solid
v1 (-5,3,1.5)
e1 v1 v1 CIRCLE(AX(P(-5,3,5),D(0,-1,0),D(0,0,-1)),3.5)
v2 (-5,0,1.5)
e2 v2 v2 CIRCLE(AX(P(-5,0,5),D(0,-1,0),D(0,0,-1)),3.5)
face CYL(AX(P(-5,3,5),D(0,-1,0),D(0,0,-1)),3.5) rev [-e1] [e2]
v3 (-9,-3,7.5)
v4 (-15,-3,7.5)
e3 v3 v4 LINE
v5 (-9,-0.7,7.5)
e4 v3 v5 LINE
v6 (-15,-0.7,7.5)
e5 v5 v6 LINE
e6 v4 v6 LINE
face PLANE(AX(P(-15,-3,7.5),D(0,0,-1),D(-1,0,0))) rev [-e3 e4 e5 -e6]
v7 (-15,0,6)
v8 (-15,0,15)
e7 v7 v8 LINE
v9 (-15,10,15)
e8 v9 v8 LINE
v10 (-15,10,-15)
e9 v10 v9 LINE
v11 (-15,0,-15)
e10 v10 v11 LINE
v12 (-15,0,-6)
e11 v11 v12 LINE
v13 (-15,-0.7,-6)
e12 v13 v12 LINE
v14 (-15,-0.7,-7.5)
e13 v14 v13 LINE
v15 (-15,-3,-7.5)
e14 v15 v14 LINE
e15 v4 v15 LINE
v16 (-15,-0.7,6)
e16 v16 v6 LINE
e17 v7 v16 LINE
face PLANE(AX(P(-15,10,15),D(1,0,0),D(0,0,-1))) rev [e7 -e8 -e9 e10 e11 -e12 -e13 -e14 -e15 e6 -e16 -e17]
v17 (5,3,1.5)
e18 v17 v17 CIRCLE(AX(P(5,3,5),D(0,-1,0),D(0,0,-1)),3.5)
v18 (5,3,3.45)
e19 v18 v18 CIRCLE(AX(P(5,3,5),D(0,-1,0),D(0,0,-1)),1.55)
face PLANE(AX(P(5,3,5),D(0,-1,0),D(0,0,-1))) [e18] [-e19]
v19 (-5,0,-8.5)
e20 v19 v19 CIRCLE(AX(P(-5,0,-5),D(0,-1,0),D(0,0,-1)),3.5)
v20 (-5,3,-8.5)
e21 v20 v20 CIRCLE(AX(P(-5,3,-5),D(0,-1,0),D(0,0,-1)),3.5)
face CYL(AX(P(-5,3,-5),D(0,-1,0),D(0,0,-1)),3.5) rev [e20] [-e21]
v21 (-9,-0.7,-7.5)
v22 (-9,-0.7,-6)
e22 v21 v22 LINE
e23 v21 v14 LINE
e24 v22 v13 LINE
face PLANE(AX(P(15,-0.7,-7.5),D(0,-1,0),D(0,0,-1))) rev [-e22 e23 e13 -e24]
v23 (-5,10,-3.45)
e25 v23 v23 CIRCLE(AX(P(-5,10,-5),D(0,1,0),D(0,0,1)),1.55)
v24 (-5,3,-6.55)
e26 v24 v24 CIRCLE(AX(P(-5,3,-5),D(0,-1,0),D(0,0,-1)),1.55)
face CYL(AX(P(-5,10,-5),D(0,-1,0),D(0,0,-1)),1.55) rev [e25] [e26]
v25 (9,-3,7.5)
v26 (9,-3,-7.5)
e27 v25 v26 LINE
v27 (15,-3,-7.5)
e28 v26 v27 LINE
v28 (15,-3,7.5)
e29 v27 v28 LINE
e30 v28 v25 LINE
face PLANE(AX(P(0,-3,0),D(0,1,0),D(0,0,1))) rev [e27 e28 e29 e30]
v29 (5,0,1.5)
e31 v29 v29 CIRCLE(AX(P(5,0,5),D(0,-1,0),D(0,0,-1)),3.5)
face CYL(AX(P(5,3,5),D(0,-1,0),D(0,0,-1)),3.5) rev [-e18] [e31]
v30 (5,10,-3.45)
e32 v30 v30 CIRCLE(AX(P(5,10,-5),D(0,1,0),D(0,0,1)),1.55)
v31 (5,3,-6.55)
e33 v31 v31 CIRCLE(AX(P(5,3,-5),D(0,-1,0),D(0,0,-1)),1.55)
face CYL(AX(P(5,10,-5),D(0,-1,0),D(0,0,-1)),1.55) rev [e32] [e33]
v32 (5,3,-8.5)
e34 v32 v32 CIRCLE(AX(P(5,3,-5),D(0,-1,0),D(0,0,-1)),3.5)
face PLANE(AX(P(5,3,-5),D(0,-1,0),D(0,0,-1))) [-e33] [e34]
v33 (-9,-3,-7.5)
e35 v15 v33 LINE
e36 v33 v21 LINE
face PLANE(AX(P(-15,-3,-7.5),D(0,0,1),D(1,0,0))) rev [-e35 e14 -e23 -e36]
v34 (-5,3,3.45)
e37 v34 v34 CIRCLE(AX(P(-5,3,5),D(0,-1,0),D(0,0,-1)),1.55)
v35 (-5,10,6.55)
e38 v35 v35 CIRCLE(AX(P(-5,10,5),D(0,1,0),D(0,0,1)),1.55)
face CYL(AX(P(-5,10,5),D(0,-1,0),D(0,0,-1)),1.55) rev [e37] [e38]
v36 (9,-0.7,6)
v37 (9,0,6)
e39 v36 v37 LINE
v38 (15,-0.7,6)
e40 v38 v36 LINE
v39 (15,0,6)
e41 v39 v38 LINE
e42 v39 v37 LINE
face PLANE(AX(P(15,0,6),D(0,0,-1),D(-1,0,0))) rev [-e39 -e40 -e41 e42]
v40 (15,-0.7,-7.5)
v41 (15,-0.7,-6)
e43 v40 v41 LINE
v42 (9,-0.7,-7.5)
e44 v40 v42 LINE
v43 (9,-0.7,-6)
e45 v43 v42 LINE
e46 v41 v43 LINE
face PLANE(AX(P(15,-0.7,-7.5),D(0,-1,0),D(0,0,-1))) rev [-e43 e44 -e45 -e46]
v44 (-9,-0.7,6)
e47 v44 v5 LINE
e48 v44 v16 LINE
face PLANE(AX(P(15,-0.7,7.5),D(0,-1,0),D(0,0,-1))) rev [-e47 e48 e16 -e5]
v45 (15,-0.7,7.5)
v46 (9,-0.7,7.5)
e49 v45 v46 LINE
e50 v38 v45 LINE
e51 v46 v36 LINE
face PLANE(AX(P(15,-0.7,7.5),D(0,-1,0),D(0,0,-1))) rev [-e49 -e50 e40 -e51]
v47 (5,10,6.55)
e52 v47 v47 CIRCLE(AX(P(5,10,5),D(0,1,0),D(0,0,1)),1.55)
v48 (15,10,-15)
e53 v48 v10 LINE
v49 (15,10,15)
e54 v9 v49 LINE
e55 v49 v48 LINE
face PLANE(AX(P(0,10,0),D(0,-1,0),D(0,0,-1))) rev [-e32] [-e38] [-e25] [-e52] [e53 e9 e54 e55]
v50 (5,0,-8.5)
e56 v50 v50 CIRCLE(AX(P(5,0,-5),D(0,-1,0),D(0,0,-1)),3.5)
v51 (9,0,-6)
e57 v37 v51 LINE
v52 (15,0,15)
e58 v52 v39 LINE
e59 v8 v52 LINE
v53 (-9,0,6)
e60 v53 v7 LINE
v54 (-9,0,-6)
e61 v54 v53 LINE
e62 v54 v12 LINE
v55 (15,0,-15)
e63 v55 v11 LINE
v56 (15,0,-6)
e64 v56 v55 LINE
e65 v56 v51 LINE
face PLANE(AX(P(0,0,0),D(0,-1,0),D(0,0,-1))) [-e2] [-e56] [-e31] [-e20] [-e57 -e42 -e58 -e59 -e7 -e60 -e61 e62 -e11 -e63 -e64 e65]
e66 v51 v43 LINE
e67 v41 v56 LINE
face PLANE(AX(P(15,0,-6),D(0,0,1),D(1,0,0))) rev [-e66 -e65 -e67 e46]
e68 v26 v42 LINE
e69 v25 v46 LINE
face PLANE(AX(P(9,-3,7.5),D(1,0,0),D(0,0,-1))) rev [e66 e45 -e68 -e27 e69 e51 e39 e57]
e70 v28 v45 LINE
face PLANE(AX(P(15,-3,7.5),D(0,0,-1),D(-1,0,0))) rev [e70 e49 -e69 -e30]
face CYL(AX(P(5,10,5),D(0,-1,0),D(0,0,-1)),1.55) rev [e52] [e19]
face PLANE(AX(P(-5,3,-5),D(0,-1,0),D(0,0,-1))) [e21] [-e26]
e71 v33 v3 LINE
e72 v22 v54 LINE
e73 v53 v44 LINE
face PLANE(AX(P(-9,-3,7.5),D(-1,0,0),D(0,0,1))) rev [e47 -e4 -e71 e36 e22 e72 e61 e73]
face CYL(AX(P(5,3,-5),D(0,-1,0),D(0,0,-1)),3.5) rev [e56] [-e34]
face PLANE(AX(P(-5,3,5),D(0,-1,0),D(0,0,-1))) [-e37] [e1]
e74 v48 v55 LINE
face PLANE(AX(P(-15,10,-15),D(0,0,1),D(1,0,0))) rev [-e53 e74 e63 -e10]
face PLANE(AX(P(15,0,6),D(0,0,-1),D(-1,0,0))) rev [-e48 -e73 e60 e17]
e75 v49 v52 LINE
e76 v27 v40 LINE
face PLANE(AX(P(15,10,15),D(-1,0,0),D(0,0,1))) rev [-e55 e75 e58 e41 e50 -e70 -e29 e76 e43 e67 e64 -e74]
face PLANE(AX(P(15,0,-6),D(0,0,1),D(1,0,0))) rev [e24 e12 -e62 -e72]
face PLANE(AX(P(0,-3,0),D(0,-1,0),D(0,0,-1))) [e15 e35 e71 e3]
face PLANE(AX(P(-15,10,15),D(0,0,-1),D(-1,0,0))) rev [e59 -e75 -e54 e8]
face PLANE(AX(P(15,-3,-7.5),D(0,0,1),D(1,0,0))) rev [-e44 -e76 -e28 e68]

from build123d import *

# Parameters (mm, degrees)
SKETCH_1_W          = 30
SKETCH_1_H          = 30
SKETCH_1_R          = 1.55
EXTRUDE_1_DEPTH     = 10
SKETCH_2_R          = 3.5
CUT_EXTRUDE_1_DEPTH = 3
SKETCH_3_W          = 6
SKETCH_3_H          = 15
EXTRUDE_3_DEPTH     = 3
SKETCH_5_W          = 1.5
SKETCH_5_H          = 0.7
CUT_EXTRUDE_3_DEPTH = 36


with BuildPart() as part:
    # 草图1 → 凸台-拉伸1 (new body)
    with BuildSketch(Plane(origin=(0, 0, 0), x_dir=(1, 0, 0), z_dir=(0, 1, 0))):
        Rectangle(SKETCH_1_W, SKETCH_1_H)
        with Locations(Location((-5, 5, 0), (0, 0, 270))):
            Circle(SKETCH_1_R, mode=Mode.SUBTRACT)
        with Locations(Location((5, 5, 0), (0, 0, 270))):
            Circle(SKETCH_1_R, mode=Mode.SUBTRACT)
        with Locations(Location((5, -5, 0), (0, 0, 270))):
            Circle(SKETCH_1_R, mode=Mode.SUBTRACT)
        with Locations(Location((-5, -5, 0), (0, 0, 270))):
            Circle(SKETCH_1_R, mode=Mode.SUBTRACT)
    extrude(amount=EXTRUDE_1_DEPTH)

    # 草图2 → 切除-拉伸1 (cut)
    with BuildSketch(Plane.XZ):
        with Locations(Location((-5, 5, 0), (0, 0, 270))):
            Circle(SKETCH_2_R)
        with Locations(Location((5, 5, 0), (0, 0, 270))):
            Circle(SKETCH_2_R)
        with Locations(Location((5, -5, 0), (0, 0, 270))):
            Circle(SKETCH_2_R)
        with Locations(Location((-5, -5, 0), (0, 0, 270))):
            Circle(SKETCH_2_R)
    extrude(amount=-CUT_EXTRUDE_1_DEPTH, mode=Mode.SUBTRACT)

    # 草图3 → 凸台-拉伸3 (add)
    with BuildSketch(Plane.XZ):
        with Locations((-12, 0)):
            Rectangle(SKETCH_3_W, SKETCH_3_H)
        with Locations((12, 0)):
            Rectangle(SKETCH_3_W, SKETCH_3_H)
    extrude(amount=EXTRUDE_3_DEPTH)

    # 草图5 → 切除-拉伸3 (cut, through all)
    with BuildSketch(Plane.ZY.offset(15)):
        with Locations((-6.75, -0.35)):
            Rectangle(SKETCH_5_W, SKETCH_5_H)
        with Locations((6.75, -0.35)):
            Rectangle(SKETCH_5_W, SKETCH_5_H)
    extrude(amount=-CUT_EXTRUDE_3_DEPTH, mode=Mode.SUBTRACT)


solid = part.part
